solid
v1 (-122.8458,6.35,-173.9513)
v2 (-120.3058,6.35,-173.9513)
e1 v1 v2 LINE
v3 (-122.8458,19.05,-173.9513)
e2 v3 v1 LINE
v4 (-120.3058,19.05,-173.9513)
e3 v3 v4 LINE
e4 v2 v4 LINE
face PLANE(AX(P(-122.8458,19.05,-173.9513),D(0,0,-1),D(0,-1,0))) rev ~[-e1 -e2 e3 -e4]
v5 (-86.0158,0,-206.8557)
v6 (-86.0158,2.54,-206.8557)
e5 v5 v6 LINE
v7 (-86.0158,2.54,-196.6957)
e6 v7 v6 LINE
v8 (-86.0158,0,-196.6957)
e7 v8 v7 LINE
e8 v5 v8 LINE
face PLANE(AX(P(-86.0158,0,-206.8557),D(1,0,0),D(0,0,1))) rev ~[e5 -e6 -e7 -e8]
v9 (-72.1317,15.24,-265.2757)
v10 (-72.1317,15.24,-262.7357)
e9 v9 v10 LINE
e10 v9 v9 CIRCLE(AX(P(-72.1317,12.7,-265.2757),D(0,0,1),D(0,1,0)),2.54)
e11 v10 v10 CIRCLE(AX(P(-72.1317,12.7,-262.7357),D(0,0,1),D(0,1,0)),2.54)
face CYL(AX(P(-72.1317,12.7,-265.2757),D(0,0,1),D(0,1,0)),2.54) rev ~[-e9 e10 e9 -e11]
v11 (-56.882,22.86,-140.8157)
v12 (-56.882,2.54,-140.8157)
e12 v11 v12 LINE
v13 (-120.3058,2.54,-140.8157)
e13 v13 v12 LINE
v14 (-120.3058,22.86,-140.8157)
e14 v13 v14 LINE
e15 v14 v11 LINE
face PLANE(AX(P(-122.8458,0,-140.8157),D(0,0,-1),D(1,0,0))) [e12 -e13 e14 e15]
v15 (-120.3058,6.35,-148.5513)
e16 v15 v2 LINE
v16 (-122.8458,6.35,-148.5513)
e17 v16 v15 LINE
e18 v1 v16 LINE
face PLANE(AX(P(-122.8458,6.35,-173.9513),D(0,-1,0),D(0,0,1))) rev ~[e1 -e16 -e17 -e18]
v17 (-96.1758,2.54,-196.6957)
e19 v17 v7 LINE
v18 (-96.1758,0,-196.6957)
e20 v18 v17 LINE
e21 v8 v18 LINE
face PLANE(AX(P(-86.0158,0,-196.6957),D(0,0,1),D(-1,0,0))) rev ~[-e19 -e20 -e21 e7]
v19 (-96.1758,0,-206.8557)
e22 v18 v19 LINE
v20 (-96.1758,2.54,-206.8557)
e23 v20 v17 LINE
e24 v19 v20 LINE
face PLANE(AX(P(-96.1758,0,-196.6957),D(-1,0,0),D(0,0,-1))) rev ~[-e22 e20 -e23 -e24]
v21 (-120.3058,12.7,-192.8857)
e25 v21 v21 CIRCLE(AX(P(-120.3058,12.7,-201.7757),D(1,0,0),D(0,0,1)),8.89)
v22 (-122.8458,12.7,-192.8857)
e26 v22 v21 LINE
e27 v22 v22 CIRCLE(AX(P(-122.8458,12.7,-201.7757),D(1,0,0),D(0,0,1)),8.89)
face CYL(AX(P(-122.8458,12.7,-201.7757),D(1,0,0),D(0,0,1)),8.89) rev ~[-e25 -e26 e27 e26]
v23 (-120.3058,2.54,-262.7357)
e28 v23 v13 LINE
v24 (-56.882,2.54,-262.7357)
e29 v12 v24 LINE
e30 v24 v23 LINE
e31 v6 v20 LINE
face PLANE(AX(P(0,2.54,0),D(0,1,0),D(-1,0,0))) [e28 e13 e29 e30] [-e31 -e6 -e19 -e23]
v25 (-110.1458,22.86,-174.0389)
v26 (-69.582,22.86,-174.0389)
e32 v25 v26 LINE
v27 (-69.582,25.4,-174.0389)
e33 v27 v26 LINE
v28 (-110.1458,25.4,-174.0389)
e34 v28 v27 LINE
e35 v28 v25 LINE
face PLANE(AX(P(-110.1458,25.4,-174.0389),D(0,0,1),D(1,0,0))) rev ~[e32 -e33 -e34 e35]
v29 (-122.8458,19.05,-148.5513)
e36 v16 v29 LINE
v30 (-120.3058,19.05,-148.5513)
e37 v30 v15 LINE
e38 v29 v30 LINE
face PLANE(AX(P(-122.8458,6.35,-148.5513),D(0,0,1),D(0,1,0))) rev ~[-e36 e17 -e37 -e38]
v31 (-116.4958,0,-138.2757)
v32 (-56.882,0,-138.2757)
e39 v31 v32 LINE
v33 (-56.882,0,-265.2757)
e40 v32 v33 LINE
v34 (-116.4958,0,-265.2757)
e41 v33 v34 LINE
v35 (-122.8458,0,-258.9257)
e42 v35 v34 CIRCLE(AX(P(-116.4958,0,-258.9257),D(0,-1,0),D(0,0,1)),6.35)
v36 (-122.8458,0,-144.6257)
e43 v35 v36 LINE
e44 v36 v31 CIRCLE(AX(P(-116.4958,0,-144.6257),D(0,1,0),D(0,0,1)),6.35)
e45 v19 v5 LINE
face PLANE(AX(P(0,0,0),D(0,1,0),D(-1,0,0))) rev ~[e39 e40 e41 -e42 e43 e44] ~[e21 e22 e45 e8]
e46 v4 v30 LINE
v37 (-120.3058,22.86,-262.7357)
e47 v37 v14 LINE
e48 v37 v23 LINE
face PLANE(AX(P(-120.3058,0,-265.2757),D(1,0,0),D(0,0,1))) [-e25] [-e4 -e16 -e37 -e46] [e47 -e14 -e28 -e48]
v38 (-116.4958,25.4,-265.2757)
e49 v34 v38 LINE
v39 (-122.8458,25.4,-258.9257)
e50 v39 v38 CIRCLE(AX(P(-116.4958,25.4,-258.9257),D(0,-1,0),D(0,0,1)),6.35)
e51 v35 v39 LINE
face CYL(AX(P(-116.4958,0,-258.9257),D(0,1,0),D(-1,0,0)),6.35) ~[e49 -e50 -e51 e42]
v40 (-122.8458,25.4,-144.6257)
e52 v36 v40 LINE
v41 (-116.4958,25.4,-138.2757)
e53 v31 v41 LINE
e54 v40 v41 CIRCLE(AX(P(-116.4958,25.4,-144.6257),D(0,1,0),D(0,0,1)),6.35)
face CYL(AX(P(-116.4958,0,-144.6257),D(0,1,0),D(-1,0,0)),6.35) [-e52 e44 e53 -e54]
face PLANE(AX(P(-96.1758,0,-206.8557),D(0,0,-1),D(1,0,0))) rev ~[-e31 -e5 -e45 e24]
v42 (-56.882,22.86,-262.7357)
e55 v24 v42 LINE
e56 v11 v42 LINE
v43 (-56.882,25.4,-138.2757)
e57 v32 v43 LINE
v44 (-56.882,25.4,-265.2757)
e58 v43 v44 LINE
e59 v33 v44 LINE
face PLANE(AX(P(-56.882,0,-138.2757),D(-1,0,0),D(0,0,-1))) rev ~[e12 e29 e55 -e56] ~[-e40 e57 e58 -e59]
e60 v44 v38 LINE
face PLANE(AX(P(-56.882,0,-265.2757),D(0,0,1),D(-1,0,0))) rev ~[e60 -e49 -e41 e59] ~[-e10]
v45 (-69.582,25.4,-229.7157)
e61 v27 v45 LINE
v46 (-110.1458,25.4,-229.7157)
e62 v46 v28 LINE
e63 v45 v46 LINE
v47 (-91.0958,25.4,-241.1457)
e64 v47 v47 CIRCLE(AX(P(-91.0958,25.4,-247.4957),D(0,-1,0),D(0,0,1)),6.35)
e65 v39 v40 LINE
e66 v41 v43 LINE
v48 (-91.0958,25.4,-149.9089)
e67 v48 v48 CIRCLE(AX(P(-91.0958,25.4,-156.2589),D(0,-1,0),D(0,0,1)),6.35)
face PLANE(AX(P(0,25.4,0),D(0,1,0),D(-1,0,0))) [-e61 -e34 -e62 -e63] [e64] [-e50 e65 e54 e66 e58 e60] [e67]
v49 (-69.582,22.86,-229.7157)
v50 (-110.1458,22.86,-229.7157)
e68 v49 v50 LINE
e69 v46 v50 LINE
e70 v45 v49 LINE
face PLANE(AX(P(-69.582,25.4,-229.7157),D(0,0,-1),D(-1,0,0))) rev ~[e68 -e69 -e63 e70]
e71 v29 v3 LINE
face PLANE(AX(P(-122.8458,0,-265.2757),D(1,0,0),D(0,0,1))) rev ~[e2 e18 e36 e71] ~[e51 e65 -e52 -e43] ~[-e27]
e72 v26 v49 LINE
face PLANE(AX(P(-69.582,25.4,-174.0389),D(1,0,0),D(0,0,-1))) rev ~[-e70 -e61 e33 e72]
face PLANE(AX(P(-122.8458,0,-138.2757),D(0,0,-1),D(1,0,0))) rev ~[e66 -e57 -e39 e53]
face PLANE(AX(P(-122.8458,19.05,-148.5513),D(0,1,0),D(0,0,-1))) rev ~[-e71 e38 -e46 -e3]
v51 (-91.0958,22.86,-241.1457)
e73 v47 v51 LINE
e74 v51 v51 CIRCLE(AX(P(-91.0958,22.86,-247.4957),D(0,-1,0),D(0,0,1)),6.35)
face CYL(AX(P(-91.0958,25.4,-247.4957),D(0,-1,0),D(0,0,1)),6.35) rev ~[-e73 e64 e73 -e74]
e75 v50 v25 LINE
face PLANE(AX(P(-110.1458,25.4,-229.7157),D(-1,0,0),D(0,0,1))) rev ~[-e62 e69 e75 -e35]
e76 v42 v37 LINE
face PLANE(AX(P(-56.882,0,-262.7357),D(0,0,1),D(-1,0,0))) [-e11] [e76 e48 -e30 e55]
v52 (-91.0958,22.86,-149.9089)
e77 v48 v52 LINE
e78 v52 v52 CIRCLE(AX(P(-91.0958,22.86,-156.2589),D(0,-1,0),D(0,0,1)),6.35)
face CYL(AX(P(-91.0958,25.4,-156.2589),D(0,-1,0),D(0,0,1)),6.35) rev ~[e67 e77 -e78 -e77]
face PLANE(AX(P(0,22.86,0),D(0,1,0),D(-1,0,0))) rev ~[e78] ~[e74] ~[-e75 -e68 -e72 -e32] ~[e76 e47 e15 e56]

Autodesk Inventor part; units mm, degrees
ref_plane "YZ Plane" through (0, 0, 0) normal (1, 0, 0) x (0, 1, 0)
ref_plane "XZ Plane" through (0, 0, 0) normal (0, 1, 0) x (-1, 0, 0)
ref_plane "XY Plane" through (0, 0, 0) normal (0, 0, 1) x (1, 0, 0)
sketch "Sketch1" plane through (0, 0, 0) normal (0, 1, 0) x (-1, 0, 0)
  line L0 (122.8458, -138.2757) -> (56.882, -138.2757)
  line L1 (56.882, -138.2757) -> (56.882, -265.2757)
  line L2 (56.882, -265.2757) -> (122.8458, -265.2757)
  line L3 (122.8458, -265.2757) -> (122.8458, -138.2757)
  line L4 (110.1458, -173.9373) -> (69.582, -173.9373)
  line L5 (69.582, -173.9373) -> (69.582, -229.6141)
  line L6 (69.582, -229.6141) -> (110.1458, -229.6141)
  line L7 (110.1458, -229.6141) -> (110.1458, -173.9373)
  point P0 (0, 0)
  dimension "d1" = 127
  dimension "d4" = 55.6768
  dimension "d5" = 40.5638
  dimension "d6" = 12.7
  dimension "d7" = 35.6616
  dimension "d8" = 12.7
extrude "Extrusion1" add sketch "Sketch1" along normal blind 25.4 contours L3 L2 L1 L0 | L7 L6 L5 L4
shell "Shell1" thickness 2.54 removed faces 1 at (-56.882, 8.4667, -180.609)
sketch "Sketch3" plane through (0, 25.4, 0) normal (0, 1, 0) x (1, 0, 0)
  line L0 (-110.1458, 174.0389) -> (-69.582, 174.0389)
  line L1 (-69.582, 174.0389) -> (-69.582, 229.7157)
  line L2 (-69.582, 229.7157) -> (-110.1458, 229.7157)
  line L3 (-110.1458, 229.7157) -> (-110.1458, 174.0389)
  line L4 (-122.8458, 265.2757) -> (-122.8458, 138.2757) projected
  line L5 (-56.882, 265.2757) -> (-122.8458, 265.2757) projected
  point P0 (0, 0)
  dimension "d14" = 55.6768
  dimension "d15" = 40.5638
  dimension "d16" = 12.7
  dimension "d17" = 35.56
extrude "Extrusion2" cut sketch "Sketch3" against normal blind 12.7
sketch "Sketch4" plane through (0, 25.4, 0) normal (0, 1, 0) x (1, 0, 0)
  circle A0 centre (-91.0958, 156.2589) radius 6.35
  line L0 (-69.582, 174.0389) -> (-110.1458, 174.0389) projected
  line L1 (-122.8458, 265.2757) -> (-122.8458, 138.2757) projected
  line L2 (-122.8458, 138.2757) -> (-56.882, 138.2757) projected
  line L3 (-69.582, 229.7157) -> (-69.582, 174.0389) projected
  line L4 (-69.582, 174.0389) -> (-110.1458, 174.0389) projected
  line L5 (-110.1458, 174.0389) -> (-110.1458, 229.7157) projected
  line L6 (-110.1458, 229.7157) -> (-69.582, 229.7157) projected
  line L7 (-122.8458, 138.2757) -> (-56.882, 138.2757) projected
  line L8 (-56.882, 138.2757) -> (-56.882, 265.2757) projected
  line L9 (-56.882, 265.2757) -> (-122.8458, 265.2757) projected
  line L10 (-122.8458, 265.2757) -> (-122.8458, 138.2757) projected
  circle A1 centre (-91.0958, 247.4957) radius 6.35
  point P0 (0, 0)
  dimension "d20" = 12.7
  dimension "d21" = 17.78
  dimension "d22" = 31.75
  dimension "d23" = 12.7
  dimension "d24" = 17.78
  dimension "d25" = 31.75
hole "Hole1" at (-91.0958, 25.4, -156.2589) at (-91.0958, 25.4, -247.4957) direction (0, -1, 0) diameter 12.7 depth 12.7 tip angle 118
sketch "Sketch5" plane through (0, 0, 0) normal (0, -1, 0) x (1, 0, 0)
  line L0 (-122.8458, -265.2757) -> (-122.8458, -138.2757) projected
  line L1 (-122.8458, -138.2757) -> (-56.882, -138.2757) projected
  line L2 (-122.8458, -265.2757) -> (-122.8458, -138.2757) projected
  line L3 (-56.882, -265.2757) -> (-122.8458, -265.2757) projected
  line L4 (-56.882, -138.2757) -> (-56.882, -265.2757) projected
  line L5 (-96.1758, -206.8557) -> (-86.0158, -206.8557)
  line L6 (-86.0158, -206.8557) -> (-86.0158, -196.6957)
  line L7 (-86.0158, -196.6957) -> (-96.1758, -196.6957)
  line L8 (-96.1758, -196.6957) -> (-96.1758, -206.8557)
  point P0 (0, 0)
  dimension "d33" = 10.16
  dimension "d34" = 10.16
  dimension "d35" = 26.67
  dimension "d36" = 58.42
extrude "Extrusion3" cut sketch "Sketch5" against normal blind 12.7 contours L8 L7 L6 L5
sketch "Sketch6" plane through (-122.8458, 0, -265.2757) normal (-1, 0, 0) x (0, 0, 1)
  circle A0 centre (63.5, 12.7) radius 8.89
  line L0 (127, 0) -> (127, 25.4) projected
  line L1 (0, 25.4) -> (127, 25.4) projected
  line L2 (116.7244, 19.05) -> (91.3244, 19.05)
  line L3 (91.3244, 19.05) -> (91.3244, 6.35)
  line L4 (91.3244, 6.35) -> (116.7244, 6.35)
  line L5 (116.7244, 6.35) -> (116.7244, 19.05)
  line L6 (0, 0) -> (127, 0) projected
  point P0 (265.2757, 0)
  dimension "d39" = 17.78
  dimension "d40" = 63.5
  dimension "d41" = 12.7
  dimension "d49" = 12.7
  dimension "d50" = 25.4
  dimension "d51" = 6.35
hole "Hole2" at (-122.8458, 12.7, -201.7757) direction (1, 0, 0) diameter 17.78 depth 12.7 tip angle 118
extrude "Extrusion4" cut sketch "Sketch6" against normal blind 12.7 contours L5 L4 L3 L2
sketch "Sketch7" plane through (-56.882, 0, -265.2757) normal (0, 0, -1) x (-1, 0, 0)
  circle A0 centre (15.2497, 12.7) radius 2.54
  line L0 (0, 25.4) -> (65.9638, 25.4) projected
  point P0 (-56.882, 0)
  dimension "d54" = 5.08
  dimension "d55" = 12.7
hole "Hole3" at (-72.1317, 12.7, -265.2757) direction (0, 0, 1) diameter 5.08 depth 12.7 tip angle 118
fillet "Fillet1" radius 6.35 2 edges at (-122.8458, 12.7, -265.2757) (-122.8458, 12.7, -138.2757)
equation "\"d7\" = -0.5 * d4 + 0.5 * d1"
equation "\"d8\" = d6"
properties part number "prototype1_third_eye_not_blind"
